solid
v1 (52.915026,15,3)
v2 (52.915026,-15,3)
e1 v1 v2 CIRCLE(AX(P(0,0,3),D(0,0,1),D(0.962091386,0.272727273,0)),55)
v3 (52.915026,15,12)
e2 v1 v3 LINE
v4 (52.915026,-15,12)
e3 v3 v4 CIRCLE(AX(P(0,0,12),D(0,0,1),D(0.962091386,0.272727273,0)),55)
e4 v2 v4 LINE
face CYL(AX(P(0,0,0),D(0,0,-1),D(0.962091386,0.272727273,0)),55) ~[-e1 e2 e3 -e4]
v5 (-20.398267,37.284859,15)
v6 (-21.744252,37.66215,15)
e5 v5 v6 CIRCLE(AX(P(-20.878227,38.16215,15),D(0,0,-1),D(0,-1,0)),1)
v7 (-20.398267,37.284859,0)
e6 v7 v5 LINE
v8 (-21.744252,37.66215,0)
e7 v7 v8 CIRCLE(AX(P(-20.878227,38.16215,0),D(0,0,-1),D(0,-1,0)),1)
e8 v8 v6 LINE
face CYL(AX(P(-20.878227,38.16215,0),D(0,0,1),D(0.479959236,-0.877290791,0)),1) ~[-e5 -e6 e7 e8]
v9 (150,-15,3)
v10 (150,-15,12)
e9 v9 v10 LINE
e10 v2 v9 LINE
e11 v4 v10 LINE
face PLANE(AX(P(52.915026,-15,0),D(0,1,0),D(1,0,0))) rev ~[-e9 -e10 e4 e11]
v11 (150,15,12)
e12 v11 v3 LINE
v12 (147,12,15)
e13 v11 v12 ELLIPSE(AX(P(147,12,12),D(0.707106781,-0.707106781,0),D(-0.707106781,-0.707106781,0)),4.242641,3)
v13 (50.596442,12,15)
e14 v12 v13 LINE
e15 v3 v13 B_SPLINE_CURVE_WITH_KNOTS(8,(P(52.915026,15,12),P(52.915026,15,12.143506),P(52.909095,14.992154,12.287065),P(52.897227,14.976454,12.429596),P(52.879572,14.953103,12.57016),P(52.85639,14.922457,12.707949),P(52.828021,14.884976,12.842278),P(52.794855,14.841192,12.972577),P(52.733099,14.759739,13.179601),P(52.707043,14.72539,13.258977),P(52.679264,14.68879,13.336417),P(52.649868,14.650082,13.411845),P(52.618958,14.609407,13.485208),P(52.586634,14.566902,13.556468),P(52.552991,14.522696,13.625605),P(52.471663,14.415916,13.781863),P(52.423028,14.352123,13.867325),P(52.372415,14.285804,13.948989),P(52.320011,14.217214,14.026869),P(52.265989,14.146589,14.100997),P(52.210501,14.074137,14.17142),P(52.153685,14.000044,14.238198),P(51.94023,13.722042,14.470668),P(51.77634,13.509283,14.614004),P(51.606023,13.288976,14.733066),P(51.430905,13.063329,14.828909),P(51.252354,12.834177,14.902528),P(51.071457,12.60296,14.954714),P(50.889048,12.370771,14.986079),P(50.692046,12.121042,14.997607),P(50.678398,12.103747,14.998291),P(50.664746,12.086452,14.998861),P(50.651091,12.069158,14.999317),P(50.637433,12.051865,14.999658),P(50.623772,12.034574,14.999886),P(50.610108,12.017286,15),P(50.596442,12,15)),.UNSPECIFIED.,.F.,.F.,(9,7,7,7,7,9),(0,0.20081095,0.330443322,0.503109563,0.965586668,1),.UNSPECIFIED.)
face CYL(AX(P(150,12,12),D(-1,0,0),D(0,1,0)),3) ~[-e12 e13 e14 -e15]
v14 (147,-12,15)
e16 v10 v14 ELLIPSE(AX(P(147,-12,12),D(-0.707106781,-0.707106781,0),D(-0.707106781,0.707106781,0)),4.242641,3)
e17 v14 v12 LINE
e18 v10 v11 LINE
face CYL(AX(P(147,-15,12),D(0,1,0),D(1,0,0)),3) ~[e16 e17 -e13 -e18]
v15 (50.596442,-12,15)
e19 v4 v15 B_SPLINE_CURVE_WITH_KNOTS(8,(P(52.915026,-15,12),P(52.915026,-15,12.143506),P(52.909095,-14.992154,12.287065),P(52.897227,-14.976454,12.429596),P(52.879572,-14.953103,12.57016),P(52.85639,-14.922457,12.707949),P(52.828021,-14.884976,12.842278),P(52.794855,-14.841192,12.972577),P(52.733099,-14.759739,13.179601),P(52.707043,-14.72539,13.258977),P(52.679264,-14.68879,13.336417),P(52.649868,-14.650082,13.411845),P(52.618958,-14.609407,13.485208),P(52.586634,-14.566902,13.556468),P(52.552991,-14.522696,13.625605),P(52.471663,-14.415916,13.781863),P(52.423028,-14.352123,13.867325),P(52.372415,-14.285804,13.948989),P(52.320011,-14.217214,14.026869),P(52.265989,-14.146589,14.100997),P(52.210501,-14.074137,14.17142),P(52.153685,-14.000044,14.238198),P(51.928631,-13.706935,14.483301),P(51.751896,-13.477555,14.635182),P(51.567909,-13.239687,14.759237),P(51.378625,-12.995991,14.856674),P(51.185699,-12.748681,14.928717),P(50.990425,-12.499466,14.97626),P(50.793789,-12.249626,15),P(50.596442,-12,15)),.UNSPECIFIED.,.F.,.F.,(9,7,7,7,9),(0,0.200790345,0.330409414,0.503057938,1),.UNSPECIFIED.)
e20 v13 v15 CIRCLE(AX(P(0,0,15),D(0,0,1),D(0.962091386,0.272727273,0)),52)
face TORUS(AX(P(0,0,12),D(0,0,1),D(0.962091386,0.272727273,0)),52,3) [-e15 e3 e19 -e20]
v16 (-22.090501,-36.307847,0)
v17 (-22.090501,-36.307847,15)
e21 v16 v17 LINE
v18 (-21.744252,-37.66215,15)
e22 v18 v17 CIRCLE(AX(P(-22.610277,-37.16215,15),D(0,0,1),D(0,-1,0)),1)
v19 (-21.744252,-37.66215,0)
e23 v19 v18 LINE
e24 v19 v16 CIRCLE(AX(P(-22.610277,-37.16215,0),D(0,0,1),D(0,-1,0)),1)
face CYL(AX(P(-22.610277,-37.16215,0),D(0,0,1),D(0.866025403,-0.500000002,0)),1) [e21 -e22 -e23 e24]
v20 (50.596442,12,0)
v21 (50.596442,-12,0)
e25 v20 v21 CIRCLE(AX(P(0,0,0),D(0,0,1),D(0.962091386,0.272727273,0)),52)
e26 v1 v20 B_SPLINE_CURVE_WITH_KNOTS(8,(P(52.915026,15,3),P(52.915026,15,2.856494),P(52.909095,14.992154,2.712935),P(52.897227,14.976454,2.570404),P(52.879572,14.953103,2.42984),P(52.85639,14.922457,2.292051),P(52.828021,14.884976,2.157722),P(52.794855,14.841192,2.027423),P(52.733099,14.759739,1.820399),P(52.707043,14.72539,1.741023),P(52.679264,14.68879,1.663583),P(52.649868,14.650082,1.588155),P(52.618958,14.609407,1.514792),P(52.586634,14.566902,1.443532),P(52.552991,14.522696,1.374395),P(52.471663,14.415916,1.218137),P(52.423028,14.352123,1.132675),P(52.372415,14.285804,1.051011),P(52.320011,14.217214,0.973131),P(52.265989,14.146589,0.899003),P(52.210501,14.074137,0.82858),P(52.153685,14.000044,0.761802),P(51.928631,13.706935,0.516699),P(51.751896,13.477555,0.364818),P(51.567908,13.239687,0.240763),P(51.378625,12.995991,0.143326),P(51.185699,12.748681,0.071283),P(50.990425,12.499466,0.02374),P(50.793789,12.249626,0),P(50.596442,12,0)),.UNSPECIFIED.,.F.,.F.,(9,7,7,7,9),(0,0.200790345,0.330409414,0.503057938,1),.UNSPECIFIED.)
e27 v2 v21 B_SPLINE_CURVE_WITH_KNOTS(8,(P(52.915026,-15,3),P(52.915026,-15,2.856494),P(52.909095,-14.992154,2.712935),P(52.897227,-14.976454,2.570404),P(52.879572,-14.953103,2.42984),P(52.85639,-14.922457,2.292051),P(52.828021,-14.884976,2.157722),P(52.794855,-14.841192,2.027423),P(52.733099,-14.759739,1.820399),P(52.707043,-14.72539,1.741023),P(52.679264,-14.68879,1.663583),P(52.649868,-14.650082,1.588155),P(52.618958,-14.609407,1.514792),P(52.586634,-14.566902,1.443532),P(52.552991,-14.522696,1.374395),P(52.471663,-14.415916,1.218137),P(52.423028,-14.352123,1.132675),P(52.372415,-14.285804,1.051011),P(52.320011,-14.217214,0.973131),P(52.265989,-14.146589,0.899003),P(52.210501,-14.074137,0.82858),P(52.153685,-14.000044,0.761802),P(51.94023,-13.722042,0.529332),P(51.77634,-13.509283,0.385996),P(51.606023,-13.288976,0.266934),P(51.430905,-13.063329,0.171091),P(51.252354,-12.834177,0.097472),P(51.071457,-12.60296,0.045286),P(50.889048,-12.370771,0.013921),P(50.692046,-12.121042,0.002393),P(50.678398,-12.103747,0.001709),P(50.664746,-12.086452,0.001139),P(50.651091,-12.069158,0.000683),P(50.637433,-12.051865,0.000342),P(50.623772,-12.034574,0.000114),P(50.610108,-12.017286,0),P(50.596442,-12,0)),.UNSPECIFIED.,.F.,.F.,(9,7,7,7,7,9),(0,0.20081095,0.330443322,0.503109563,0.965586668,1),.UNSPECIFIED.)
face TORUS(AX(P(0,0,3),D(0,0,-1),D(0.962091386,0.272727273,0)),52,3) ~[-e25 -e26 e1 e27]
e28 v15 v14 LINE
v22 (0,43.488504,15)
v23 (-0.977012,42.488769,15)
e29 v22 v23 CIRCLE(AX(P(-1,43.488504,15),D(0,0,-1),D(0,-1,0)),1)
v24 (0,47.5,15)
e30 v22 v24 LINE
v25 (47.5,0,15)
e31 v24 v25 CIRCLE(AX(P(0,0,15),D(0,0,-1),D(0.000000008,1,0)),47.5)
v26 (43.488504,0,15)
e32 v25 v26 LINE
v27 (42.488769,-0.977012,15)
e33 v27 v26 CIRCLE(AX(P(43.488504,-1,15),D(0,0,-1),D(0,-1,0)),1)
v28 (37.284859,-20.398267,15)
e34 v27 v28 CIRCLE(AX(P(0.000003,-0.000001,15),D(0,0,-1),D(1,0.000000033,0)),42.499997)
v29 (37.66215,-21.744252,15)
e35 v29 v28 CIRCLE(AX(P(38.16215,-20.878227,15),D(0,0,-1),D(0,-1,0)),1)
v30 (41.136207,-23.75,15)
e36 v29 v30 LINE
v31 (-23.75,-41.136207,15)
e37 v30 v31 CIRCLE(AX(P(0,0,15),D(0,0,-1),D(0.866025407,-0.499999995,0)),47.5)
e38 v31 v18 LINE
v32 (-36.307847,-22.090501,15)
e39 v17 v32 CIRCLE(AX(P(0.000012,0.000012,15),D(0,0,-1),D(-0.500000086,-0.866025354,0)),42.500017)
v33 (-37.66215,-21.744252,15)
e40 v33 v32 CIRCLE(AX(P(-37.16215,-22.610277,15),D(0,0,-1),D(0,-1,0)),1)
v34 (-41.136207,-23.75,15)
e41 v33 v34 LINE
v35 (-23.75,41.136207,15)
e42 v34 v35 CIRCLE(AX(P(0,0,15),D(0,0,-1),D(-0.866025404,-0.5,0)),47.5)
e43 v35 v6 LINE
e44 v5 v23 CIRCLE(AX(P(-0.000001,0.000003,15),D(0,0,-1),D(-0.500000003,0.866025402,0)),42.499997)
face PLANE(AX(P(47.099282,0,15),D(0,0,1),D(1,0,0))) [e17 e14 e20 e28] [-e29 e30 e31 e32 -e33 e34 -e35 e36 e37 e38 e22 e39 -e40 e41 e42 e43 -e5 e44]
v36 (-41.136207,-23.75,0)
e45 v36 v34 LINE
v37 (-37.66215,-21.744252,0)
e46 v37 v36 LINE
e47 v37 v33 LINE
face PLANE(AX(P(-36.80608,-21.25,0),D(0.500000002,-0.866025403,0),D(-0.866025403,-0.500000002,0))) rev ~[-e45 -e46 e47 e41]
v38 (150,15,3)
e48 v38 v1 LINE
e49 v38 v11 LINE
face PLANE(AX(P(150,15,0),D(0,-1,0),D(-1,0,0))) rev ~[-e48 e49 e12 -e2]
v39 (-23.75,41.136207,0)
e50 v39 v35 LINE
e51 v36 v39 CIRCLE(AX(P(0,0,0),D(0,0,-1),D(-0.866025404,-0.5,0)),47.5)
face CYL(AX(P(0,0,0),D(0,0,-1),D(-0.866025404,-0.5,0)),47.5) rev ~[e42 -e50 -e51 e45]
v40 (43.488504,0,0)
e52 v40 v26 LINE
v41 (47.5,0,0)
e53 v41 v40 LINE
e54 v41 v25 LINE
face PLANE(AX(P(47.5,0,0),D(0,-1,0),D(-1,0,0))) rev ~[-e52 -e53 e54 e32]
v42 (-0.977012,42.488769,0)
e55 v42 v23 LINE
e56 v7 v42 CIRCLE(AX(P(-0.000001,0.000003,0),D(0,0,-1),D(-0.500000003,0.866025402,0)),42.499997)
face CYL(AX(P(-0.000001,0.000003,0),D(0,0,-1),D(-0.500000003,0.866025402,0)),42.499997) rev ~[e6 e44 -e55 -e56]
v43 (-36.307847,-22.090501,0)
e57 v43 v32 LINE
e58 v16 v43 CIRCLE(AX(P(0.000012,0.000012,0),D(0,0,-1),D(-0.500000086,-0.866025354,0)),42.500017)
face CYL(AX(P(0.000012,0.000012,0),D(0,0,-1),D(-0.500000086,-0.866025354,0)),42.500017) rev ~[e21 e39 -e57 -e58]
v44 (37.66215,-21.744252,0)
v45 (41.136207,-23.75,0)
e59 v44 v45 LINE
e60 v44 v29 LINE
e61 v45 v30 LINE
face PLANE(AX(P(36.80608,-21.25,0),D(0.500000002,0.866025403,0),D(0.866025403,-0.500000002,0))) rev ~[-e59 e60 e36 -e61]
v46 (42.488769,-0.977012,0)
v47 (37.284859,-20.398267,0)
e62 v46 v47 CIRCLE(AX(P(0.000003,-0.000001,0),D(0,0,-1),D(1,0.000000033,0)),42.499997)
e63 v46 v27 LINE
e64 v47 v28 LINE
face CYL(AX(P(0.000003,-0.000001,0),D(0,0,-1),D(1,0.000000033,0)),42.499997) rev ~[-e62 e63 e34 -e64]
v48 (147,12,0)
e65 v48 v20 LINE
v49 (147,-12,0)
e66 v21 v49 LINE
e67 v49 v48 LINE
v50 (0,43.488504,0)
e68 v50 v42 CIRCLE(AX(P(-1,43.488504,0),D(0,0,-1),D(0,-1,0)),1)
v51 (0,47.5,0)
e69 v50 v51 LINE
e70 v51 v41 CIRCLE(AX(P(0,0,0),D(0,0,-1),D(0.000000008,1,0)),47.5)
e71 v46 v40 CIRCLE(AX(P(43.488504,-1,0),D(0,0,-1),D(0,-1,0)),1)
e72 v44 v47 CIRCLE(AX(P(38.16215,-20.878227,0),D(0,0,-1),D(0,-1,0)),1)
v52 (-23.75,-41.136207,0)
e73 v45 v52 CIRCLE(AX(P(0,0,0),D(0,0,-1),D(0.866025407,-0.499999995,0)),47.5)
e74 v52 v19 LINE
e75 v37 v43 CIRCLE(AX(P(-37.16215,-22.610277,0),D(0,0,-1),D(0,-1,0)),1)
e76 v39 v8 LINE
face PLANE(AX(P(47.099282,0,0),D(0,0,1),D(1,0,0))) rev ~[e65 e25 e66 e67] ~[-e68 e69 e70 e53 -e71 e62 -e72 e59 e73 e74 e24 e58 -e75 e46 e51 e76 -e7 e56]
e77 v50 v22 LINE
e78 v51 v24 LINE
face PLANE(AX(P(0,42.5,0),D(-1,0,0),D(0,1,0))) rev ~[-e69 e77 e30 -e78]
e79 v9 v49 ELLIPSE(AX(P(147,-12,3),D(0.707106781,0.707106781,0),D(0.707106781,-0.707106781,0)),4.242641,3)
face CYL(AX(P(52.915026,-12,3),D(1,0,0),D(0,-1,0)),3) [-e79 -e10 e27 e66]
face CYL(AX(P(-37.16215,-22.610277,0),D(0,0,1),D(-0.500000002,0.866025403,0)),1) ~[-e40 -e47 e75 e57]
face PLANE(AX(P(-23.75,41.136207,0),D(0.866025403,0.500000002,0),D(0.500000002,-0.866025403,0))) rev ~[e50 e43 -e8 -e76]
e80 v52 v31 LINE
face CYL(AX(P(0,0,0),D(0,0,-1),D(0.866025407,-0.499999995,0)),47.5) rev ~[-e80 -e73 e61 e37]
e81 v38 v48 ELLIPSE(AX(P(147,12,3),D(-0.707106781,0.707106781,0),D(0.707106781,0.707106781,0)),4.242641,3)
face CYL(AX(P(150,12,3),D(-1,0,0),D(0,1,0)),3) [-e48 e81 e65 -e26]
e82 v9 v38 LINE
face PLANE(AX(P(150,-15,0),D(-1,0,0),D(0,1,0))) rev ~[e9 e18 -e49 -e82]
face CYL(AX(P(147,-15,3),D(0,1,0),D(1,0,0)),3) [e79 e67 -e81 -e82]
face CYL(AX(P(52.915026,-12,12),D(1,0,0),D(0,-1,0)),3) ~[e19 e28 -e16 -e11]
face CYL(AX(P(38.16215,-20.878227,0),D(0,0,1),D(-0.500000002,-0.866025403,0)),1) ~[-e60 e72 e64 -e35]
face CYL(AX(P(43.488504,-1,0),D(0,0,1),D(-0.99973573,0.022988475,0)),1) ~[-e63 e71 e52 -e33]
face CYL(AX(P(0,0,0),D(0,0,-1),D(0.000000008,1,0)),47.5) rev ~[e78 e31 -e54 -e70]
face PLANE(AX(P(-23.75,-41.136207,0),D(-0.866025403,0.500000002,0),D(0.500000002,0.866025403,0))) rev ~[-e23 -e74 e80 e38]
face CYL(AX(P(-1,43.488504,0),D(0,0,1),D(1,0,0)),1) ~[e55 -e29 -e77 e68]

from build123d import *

# Parameters (mm, degrees)
F1_DEPTH = 15
F2_R     = 3
F3_R     = 1


with BuildPart() as f1:
    # F0 (on Top) → F1 (new body)
    with BuildSketch(Plane.XY):
        with BuildLine():
            Line((150, 15), (52.915026, 15))
            ThreePointArc((52.915026, 15), (-55, 0), (52.915026, -15))
            Line((52.915026, -15), (150, -15))
            Line((150, -15), (150, 15))
        make_face()
        with BuildLine():
            ThreePointArc((-21.25, -36.80608), (-30.052038, -30.052038), (-36.80608, -21.25))
            Line((-36.80608, -21.25), (-41.136207, -23.75))
            ThreePointArc((-41.136207, -23.75), (-45.881477, 12.293905), (-23.75, 41.136207))
            Line((-23.75, 41.136207), (-21.25, 36.80608))
            ThreePointArc((-21.25, 36.80608), (-10.999809, 41.051848), (0, 42.5))
            Line((0, 42.5), (0, 47.5))
            ThreePointArc((0, 47.5), (33.587572, 33.587572), (47.5, 0))
            Line((47.5, 0), (42.5, 0))
            ThreePointArc((42.5, 0), (41.051848, -10.999809), (36.80608, -21.25))
            Line((36.80608, -21.25), (41.136207, -23.75))
            ThreePointArc((41.136207, -23.75), (12.293905, -45.881477), (-23.75, -41.136207))
            Line((-23.75, -41.136207), (-21.25, -36.80608))
        make_face(mode=Mode.SUBTRACT)
    extrude(amount=F1_DEPTH)

    # F2
    f2_edges = [f1.edges().sort_by_distance(p)[0] for p in [
        (101.457513, 15, 15),
        (150, 0, 15),
        (101.457513, -15, 15),
        (-55, 0, 15),
        (101.457513, -15, 0),
        (150, 0, 0),
        (-55, 0, 0),
        (101.457513, 15, 0),
    ]]
    fillet(f2_edges, radius=F2_R)

    # F3
    f3_edges = [f1.edges().sort_by_distance(p)[0] for p in [
        (36.80608, -21.25, 7.5),
        (42.5, 0, 7.5),
        (0, 42.5, 7.5),
        (-21.25, 36.80608, 7.5),
        (-21.25, -36.80608, 7.5),
        (-36.80608, -21.25, 7.5),
    ]]
    fillet(f3_edges, radius=F3_R)


solid = f1.part
